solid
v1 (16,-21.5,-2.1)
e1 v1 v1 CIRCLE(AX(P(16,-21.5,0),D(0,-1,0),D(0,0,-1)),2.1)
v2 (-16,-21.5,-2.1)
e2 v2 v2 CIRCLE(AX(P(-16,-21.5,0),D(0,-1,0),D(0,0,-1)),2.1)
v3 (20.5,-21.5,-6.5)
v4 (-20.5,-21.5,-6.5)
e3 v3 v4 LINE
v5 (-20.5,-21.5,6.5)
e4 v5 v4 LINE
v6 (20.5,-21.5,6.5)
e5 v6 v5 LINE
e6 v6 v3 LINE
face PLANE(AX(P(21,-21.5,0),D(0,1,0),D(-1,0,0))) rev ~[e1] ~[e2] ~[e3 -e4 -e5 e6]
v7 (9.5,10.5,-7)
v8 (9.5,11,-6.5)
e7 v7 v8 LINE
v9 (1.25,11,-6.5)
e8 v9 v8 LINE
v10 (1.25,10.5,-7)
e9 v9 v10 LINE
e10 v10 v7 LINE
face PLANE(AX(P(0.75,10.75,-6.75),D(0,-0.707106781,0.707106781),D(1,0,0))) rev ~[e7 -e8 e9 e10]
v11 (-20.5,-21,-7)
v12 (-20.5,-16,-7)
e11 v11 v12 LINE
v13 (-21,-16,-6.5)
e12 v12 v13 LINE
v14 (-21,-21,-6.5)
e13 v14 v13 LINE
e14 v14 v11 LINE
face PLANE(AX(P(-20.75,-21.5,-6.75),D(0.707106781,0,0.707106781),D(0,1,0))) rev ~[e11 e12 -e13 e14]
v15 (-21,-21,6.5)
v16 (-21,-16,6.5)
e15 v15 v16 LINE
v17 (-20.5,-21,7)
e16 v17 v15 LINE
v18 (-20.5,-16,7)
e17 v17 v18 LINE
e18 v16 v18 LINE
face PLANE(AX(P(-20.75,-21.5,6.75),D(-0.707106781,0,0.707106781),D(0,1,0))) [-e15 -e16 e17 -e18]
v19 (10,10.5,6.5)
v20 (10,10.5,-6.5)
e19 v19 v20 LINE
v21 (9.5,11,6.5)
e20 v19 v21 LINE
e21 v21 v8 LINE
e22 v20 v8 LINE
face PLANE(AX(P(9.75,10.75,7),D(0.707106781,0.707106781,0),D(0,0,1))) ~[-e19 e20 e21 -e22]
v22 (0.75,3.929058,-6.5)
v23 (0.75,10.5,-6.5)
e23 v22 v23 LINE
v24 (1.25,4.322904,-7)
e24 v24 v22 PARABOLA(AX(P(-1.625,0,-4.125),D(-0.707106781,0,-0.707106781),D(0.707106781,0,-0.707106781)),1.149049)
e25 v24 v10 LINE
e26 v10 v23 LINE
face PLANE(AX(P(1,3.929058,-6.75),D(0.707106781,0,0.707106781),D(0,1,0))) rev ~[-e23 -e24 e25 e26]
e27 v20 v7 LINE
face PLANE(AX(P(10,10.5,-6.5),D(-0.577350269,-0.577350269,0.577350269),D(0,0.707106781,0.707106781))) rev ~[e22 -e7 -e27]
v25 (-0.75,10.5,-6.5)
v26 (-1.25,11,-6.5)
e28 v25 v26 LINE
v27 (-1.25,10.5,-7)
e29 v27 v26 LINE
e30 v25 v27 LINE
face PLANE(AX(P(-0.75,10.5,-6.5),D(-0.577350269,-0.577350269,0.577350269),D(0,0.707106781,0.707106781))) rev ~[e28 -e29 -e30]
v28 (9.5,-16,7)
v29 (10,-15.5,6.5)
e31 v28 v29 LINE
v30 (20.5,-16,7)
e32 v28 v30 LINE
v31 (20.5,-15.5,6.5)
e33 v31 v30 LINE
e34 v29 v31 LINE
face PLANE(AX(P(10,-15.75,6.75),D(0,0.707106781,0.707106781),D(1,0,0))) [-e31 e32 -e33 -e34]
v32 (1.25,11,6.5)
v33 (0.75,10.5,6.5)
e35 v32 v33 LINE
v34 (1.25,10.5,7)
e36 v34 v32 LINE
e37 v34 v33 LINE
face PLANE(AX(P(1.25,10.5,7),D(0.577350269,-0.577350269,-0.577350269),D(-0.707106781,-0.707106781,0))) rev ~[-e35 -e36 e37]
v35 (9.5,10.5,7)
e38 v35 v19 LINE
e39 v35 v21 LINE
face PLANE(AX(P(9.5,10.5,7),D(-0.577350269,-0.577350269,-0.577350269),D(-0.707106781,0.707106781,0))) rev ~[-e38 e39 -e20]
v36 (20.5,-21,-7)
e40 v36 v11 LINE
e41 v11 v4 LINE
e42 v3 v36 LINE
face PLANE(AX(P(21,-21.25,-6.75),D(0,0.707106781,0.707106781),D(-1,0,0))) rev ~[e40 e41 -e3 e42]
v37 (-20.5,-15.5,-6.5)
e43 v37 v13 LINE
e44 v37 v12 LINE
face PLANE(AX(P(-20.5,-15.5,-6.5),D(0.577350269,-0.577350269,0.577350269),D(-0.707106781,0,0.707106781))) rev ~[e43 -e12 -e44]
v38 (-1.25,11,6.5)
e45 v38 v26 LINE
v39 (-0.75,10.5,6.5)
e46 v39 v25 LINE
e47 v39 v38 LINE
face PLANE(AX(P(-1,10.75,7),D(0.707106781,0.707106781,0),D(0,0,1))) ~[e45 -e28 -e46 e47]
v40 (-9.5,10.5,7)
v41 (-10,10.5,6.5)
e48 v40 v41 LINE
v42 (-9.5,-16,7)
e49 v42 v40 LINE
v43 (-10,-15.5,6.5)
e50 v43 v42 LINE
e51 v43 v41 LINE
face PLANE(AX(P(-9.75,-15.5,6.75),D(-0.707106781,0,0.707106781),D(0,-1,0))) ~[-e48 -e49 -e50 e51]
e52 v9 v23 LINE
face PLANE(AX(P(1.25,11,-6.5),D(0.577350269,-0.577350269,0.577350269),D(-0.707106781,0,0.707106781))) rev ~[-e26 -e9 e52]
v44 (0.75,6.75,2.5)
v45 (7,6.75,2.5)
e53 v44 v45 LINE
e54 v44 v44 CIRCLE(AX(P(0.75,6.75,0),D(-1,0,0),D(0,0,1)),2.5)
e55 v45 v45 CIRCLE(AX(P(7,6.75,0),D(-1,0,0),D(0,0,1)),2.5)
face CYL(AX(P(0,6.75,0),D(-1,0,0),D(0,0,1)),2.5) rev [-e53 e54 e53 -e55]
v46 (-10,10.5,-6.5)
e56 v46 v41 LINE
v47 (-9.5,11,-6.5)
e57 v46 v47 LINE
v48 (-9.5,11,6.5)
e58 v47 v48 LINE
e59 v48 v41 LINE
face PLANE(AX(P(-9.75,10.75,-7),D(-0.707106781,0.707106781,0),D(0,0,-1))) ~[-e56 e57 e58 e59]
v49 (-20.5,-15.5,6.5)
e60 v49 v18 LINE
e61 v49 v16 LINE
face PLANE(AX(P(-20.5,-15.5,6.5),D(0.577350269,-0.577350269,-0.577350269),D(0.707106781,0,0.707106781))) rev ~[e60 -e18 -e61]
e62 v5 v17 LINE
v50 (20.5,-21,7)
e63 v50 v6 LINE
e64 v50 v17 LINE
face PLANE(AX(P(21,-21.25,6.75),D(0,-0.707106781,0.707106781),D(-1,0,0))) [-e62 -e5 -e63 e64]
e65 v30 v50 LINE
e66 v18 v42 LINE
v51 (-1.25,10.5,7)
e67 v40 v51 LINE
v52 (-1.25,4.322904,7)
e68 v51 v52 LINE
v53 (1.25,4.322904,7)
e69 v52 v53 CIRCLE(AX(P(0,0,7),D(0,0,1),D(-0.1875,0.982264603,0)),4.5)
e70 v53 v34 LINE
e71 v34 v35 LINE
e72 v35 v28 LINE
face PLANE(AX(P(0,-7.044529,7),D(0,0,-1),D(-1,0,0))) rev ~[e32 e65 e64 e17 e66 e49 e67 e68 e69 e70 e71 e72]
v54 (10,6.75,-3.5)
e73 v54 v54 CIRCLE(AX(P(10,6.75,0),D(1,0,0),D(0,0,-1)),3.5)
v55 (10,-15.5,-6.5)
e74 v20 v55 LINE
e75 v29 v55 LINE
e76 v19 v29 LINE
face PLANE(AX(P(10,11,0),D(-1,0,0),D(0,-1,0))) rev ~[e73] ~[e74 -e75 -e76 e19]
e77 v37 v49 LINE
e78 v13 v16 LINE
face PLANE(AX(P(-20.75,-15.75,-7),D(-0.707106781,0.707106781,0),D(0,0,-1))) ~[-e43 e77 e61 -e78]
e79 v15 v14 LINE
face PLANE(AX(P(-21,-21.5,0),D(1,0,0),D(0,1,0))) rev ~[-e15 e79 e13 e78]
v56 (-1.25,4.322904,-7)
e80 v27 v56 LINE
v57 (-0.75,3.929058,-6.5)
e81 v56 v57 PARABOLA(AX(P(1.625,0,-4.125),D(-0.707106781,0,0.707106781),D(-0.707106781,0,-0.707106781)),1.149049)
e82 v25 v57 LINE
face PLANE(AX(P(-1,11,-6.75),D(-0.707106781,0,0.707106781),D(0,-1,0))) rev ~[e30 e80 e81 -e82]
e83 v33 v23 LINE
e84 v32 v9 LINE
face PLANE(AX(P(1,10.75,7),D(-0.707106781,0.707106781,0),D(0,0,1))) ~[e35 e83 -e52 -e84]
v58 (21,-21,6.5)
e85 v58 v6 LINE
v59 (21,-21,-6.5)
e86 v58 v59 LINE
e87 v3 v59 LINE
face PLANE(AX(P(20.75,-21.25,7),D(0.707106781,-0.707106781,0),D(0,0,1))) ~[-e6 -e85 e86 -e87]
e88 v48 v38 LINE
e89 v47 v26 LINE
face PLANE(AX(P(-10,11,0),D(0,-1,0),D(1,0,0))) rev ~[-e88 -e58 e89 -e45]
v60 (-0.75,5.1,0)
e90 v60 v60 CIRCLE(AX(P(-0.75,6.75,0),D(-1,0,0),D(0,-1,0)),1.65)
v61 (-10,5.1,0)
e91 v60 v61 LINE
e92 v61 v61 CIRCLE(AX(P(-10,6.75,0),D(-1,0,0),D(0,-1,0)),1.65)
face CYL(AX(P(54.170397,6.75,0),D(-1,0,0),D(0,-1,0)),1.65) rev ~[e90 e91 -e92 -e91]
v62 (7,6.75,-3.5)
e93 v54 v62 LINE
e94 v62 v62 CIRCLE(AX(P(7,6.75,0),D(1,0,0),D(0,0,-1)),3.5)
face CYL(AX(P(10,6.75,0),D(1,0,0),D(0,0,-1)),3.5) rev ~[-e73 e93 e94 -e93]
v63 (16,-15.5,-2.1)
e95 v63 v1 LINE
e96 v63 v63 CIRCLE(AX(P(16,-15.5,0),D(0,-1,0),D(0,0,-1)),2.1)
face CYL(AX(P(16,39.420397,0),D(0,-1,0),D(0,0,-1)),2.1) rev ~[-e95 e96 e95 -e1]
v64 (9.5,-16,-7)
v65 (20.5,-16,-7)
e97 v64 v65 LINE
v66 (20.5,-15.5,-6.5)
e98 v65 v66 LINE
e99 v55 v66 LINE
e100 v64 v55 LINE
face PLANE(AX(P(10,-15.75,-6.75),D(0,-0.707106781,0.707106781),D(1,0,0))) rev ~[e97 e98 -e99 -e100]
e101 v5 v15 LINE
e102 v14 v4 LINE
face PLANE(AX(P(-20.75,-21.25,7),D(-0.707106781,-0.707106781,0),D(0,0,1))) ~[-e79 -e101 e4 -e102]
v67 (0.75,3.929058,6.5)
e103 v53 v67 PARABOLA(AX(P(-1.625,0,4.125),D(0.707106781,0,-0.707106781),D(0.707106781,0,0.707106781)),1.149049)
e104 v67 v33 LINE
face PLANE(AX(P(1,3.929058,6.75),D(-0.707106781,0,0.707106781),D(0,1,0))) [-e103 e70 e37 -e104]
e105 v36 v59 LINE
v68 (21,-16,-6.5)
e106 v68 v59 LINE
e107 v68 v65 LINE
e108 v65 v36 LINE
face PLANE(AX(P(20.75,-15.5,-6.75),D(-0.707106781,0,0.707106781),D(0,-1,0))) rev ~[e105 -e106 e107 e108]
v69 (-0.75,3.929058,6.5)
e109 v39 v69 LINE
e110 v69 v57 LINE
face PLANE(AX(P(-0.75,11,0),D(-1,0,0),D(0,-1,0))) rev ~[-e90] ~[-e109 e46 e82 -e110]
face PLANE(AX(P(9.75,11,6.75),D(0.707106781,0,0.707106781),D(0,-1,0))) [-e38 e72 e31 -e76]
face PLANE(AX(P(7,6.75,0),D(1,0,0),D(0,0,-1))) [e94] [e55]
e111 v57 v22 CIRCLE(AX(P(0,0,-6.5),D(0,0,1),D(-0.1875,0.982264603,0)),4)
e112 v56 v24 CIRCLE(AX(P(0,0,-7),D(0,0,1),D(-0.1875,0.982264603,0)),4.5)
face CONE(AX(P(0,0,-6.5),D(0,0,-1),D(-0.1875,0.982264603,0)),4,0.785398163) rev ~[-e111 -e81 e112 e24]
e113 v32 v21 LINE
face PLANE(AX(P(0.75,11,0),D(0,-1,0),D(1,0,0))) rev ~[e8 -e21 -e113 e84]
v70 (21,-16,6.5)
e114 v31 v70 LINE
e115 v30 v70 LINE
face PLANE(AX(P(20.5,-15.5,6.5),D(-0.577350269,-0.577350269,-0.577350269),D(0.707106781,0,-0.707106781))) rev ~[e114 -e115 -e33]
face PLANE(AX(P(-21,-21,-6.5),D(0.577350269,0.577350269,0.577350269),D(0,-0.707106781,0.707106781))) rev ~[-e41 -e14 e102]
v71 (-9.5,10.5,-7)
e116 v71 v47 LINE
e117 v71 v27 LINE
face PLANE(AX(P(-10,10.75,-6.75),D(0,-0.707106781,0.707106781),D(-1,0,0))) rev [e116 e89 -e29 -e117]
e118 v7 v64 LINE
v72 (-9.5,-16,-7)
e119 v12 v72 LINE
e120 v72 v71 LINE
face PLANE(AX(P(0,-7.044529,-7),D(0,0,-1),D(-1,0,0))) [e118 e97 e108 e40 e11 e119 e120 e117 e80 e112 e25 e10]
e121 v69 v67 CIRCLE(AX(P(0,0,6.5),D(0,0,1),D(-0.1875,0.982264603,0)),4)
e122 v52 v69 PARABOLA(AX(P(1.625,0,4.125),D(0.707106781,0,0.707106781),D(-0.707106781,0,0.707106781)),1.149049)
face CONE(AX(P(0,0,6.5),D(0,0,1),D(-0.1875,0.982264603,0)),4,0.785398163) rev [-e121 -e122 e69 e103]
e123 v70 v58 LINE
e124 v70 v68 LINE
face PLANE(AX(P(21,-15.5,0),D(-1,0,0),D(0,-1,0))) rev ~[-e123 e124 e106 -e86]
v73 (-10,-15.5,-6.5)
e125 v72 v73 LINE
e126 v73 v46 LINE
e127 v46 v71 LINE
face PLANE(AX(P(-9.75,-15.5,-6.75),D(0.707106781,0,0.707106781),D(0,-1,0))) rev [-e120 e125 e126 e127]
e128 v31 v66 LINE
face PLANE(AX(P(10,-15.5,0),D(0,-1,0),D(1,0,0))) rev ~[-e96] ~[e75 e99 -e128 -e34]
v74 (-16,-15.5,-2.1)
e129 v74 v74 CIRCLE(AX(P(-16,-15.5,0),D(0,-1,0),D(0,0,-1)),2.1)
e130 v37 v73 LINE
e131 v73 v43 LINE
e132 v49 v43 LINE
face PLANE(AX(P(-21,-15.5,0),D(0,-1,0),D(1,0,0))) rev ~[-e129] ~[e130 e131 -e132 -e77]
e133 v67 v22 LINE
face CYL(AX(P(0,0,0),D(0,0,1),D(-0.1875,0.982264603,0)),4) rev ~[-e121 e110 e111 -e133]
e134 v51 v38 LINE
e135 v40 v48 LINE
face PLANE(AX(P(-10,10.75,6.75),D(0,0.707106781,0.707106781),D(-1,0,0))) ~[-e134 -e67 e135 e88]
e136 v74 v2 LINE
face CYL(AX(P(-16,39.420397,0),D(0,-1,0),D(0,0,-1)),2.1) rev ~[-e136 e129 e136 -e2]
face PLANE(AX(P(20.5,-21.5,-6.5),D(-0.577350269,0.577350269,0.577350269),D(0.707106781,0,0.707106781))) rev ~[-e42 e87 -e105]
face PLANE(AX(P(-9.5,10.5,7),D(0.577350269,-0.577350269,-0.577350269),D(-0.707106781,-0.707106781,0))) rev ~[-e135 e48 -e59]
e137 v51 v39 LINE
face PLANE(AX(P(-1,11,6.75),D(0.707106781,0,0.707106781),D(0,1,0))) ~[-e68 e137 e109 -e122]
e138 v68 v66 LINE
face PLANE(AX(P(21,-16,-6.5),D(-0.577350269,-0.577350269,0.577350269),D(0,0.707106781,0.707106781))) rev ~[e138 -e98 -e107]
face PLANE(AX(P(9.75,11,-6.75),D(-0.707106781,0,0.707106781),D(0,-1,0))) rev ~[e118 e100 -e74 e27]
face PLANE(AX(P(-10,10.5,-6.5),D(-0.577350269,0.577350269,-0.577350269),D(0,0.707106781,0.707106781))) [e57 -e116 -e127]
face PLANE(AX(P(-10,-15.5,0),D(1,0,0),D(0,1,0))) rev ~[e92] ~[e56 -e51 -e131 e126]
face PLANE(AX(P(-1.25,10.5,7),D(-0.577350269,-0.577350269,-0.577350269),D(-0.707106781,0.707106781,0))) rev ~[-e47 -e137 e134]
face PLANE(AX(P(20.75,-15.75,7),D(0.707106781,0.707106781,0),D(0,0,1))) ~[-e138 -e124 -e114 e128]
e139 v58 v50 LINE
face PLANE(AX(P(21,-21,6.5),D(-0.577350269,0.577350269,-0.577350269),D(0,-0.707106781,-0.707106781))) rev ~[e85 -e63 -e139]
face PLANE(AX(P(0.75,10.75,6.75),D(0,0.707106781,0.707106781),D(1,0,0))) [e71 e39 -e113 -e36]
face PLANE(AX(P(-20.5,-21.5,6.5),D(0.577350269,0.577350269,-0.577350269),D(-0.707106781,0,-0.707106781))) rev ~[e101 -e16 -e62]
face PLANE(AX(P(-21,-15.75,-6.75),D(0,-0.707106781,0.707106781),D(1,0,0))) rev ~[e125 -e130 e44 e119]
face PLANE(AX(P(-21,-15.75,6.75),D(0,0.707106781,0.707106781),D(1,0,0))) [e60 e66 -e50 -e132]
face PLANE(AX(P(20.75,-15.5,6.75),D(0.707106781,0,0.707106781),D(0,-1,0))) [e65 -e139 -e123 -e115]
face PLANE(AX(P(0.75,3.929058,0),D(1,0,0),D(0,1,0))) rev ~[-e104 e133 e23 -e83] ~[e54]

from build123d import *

# Parameters (mm, degrees)
BODY_DEPTH              = 7
SKETCH2_R               = 2.5
BOLT_CLEARANCE_DEPTH    = 31.858548248
SKETCH3_R               = 3.5
BOLT_HEAD_SEATING_DEPTH = 3
CLAMPING_HOLE_M4X0_7_D  = 3.3
MOUNTING_HOLE_M5X0_8_D  = 4.2
CHAMFER_2_SIZE          = 0.5


with BuildPart() as part:
    # Sketch1 → Body (new, symmetric)
    with BuildSketch(Plane.XY):
        with BuildLine():
            Line((-10, 11), (-0.75, 11))
            Line((-0.75, 11), (-0.75, 3.929058411))
            ThreePointArc((-0.75, 3.929058411), (0, -4), (0.75, 3.929058411))
            Line((0.75, 3.929058411), (0.75, 11))
            Line((0.75, 11), (10, 11))
            Line((10, 11), (10, -15.5))
            Line((10, -15.5), (21, -15.5))
            Line((21, -15.5), (21, -21.5))
            Line((21, -21.5), (-21, -21.5))
            Line((-21, -21.5), (-21, -15.5))
            Line((-21, -15.5), (-10, -15.5))
            Line((-10, -15.5), (-10, 11))
        make_face()
    extrude(amount=BODY_DEPTH, both=True)

    # Sketch2 → Bolt Clearance (cut, through all)
    with BuildSketch(Plane(origin=(0, 0, 0), x_dir=(0, 0, -1), z_dir=(1, 0, 0))):
        with Locations((0, 6.75)):
            Circle(SKETCH2_R)
    extrude(amount=BOLT_CLEARANCE_DEPTH, mode=Mode.SUBTRACT)

    # Sketch3 → Bolt Head Seating (cut)
    with BuildSketch(Plane(origin=(10, 0, 0), x_dir=(0, 0, -1), z_dir=(1, 0, 0))):
        with Locations((0, 6.75)):
            Circle(SKETCH3_R)
    extrude(amount=-BOLT_HEAD_SEATING_DEPTH, mode=Mode.SUBTRACT)

    # Clamping Hole (M4x0.7) (through all)
    with Locations(Plane(origin=(-0.75, 6.75, 0), x_dir=(0, 1, 0), z_dir=(1, 0, 0))):
        with Locations((0, 0)):
            Hole(CLAMPING_HOLE_M4X0_7_D / 2)

    # Mounting Hole (M5x0.8) (through all)
    with Locations(Plane(origin=(-16, -15.5, 0), x_dir=(0, 0, 1), z_dir=(0, 1, 0))):
        with Locations((0, 0), (0, 32)):
            Hole(MOUNTING_HOLE_M5X0_8_D / 2)

    # Chamfer 2
    chamfer_2_edges = [part.edges().sort_by_distance(p)[0] for p in [
        (21, -21.5, 0),
        (21, -15.5, 0),
        (-21, -15.5, 0),
        (-21, -21.5, 0),
        (10, 11, 0),
        (0.75, 11, 0),
        (-0.75, 11, 0),
        (-15.5, -15.5, -7),
        (-21, -18.5, -7),
        (0, -21.5, -7),
        (21, -18.5, -7),
        (15.5, -15.5, -7),
        (10, -2.25, -7),
        (5.375, 11, -7),
        (0.75, 7.464529206, -7),
        (0, -4, -7),
        (-0.75, 7.464529206, -7),
        (-5.375, 11, -7),
        (-10, -2.25, -7),
        (-10, 11, 0),
        (-5.375, 11, 7),
        (-0.75, 7.464529206, 7),
        (0, -4, 7),
        (0.75, 7.464529206, 7),
        (5.375, 11, 7),
        (10, -2.25, 7),
        (15.5, -15.5, 7),
        (21, -18.5, 7),
        (0, -21.5, 7),
        (-21, -18.5, 7),
        (-15.5, -15.5, 7),
        (-10, -2.25, 7),
    ]]
    chamfer(chamfer_2_edges, length=CHAMFER_2_SIZE)


solid = part.part
